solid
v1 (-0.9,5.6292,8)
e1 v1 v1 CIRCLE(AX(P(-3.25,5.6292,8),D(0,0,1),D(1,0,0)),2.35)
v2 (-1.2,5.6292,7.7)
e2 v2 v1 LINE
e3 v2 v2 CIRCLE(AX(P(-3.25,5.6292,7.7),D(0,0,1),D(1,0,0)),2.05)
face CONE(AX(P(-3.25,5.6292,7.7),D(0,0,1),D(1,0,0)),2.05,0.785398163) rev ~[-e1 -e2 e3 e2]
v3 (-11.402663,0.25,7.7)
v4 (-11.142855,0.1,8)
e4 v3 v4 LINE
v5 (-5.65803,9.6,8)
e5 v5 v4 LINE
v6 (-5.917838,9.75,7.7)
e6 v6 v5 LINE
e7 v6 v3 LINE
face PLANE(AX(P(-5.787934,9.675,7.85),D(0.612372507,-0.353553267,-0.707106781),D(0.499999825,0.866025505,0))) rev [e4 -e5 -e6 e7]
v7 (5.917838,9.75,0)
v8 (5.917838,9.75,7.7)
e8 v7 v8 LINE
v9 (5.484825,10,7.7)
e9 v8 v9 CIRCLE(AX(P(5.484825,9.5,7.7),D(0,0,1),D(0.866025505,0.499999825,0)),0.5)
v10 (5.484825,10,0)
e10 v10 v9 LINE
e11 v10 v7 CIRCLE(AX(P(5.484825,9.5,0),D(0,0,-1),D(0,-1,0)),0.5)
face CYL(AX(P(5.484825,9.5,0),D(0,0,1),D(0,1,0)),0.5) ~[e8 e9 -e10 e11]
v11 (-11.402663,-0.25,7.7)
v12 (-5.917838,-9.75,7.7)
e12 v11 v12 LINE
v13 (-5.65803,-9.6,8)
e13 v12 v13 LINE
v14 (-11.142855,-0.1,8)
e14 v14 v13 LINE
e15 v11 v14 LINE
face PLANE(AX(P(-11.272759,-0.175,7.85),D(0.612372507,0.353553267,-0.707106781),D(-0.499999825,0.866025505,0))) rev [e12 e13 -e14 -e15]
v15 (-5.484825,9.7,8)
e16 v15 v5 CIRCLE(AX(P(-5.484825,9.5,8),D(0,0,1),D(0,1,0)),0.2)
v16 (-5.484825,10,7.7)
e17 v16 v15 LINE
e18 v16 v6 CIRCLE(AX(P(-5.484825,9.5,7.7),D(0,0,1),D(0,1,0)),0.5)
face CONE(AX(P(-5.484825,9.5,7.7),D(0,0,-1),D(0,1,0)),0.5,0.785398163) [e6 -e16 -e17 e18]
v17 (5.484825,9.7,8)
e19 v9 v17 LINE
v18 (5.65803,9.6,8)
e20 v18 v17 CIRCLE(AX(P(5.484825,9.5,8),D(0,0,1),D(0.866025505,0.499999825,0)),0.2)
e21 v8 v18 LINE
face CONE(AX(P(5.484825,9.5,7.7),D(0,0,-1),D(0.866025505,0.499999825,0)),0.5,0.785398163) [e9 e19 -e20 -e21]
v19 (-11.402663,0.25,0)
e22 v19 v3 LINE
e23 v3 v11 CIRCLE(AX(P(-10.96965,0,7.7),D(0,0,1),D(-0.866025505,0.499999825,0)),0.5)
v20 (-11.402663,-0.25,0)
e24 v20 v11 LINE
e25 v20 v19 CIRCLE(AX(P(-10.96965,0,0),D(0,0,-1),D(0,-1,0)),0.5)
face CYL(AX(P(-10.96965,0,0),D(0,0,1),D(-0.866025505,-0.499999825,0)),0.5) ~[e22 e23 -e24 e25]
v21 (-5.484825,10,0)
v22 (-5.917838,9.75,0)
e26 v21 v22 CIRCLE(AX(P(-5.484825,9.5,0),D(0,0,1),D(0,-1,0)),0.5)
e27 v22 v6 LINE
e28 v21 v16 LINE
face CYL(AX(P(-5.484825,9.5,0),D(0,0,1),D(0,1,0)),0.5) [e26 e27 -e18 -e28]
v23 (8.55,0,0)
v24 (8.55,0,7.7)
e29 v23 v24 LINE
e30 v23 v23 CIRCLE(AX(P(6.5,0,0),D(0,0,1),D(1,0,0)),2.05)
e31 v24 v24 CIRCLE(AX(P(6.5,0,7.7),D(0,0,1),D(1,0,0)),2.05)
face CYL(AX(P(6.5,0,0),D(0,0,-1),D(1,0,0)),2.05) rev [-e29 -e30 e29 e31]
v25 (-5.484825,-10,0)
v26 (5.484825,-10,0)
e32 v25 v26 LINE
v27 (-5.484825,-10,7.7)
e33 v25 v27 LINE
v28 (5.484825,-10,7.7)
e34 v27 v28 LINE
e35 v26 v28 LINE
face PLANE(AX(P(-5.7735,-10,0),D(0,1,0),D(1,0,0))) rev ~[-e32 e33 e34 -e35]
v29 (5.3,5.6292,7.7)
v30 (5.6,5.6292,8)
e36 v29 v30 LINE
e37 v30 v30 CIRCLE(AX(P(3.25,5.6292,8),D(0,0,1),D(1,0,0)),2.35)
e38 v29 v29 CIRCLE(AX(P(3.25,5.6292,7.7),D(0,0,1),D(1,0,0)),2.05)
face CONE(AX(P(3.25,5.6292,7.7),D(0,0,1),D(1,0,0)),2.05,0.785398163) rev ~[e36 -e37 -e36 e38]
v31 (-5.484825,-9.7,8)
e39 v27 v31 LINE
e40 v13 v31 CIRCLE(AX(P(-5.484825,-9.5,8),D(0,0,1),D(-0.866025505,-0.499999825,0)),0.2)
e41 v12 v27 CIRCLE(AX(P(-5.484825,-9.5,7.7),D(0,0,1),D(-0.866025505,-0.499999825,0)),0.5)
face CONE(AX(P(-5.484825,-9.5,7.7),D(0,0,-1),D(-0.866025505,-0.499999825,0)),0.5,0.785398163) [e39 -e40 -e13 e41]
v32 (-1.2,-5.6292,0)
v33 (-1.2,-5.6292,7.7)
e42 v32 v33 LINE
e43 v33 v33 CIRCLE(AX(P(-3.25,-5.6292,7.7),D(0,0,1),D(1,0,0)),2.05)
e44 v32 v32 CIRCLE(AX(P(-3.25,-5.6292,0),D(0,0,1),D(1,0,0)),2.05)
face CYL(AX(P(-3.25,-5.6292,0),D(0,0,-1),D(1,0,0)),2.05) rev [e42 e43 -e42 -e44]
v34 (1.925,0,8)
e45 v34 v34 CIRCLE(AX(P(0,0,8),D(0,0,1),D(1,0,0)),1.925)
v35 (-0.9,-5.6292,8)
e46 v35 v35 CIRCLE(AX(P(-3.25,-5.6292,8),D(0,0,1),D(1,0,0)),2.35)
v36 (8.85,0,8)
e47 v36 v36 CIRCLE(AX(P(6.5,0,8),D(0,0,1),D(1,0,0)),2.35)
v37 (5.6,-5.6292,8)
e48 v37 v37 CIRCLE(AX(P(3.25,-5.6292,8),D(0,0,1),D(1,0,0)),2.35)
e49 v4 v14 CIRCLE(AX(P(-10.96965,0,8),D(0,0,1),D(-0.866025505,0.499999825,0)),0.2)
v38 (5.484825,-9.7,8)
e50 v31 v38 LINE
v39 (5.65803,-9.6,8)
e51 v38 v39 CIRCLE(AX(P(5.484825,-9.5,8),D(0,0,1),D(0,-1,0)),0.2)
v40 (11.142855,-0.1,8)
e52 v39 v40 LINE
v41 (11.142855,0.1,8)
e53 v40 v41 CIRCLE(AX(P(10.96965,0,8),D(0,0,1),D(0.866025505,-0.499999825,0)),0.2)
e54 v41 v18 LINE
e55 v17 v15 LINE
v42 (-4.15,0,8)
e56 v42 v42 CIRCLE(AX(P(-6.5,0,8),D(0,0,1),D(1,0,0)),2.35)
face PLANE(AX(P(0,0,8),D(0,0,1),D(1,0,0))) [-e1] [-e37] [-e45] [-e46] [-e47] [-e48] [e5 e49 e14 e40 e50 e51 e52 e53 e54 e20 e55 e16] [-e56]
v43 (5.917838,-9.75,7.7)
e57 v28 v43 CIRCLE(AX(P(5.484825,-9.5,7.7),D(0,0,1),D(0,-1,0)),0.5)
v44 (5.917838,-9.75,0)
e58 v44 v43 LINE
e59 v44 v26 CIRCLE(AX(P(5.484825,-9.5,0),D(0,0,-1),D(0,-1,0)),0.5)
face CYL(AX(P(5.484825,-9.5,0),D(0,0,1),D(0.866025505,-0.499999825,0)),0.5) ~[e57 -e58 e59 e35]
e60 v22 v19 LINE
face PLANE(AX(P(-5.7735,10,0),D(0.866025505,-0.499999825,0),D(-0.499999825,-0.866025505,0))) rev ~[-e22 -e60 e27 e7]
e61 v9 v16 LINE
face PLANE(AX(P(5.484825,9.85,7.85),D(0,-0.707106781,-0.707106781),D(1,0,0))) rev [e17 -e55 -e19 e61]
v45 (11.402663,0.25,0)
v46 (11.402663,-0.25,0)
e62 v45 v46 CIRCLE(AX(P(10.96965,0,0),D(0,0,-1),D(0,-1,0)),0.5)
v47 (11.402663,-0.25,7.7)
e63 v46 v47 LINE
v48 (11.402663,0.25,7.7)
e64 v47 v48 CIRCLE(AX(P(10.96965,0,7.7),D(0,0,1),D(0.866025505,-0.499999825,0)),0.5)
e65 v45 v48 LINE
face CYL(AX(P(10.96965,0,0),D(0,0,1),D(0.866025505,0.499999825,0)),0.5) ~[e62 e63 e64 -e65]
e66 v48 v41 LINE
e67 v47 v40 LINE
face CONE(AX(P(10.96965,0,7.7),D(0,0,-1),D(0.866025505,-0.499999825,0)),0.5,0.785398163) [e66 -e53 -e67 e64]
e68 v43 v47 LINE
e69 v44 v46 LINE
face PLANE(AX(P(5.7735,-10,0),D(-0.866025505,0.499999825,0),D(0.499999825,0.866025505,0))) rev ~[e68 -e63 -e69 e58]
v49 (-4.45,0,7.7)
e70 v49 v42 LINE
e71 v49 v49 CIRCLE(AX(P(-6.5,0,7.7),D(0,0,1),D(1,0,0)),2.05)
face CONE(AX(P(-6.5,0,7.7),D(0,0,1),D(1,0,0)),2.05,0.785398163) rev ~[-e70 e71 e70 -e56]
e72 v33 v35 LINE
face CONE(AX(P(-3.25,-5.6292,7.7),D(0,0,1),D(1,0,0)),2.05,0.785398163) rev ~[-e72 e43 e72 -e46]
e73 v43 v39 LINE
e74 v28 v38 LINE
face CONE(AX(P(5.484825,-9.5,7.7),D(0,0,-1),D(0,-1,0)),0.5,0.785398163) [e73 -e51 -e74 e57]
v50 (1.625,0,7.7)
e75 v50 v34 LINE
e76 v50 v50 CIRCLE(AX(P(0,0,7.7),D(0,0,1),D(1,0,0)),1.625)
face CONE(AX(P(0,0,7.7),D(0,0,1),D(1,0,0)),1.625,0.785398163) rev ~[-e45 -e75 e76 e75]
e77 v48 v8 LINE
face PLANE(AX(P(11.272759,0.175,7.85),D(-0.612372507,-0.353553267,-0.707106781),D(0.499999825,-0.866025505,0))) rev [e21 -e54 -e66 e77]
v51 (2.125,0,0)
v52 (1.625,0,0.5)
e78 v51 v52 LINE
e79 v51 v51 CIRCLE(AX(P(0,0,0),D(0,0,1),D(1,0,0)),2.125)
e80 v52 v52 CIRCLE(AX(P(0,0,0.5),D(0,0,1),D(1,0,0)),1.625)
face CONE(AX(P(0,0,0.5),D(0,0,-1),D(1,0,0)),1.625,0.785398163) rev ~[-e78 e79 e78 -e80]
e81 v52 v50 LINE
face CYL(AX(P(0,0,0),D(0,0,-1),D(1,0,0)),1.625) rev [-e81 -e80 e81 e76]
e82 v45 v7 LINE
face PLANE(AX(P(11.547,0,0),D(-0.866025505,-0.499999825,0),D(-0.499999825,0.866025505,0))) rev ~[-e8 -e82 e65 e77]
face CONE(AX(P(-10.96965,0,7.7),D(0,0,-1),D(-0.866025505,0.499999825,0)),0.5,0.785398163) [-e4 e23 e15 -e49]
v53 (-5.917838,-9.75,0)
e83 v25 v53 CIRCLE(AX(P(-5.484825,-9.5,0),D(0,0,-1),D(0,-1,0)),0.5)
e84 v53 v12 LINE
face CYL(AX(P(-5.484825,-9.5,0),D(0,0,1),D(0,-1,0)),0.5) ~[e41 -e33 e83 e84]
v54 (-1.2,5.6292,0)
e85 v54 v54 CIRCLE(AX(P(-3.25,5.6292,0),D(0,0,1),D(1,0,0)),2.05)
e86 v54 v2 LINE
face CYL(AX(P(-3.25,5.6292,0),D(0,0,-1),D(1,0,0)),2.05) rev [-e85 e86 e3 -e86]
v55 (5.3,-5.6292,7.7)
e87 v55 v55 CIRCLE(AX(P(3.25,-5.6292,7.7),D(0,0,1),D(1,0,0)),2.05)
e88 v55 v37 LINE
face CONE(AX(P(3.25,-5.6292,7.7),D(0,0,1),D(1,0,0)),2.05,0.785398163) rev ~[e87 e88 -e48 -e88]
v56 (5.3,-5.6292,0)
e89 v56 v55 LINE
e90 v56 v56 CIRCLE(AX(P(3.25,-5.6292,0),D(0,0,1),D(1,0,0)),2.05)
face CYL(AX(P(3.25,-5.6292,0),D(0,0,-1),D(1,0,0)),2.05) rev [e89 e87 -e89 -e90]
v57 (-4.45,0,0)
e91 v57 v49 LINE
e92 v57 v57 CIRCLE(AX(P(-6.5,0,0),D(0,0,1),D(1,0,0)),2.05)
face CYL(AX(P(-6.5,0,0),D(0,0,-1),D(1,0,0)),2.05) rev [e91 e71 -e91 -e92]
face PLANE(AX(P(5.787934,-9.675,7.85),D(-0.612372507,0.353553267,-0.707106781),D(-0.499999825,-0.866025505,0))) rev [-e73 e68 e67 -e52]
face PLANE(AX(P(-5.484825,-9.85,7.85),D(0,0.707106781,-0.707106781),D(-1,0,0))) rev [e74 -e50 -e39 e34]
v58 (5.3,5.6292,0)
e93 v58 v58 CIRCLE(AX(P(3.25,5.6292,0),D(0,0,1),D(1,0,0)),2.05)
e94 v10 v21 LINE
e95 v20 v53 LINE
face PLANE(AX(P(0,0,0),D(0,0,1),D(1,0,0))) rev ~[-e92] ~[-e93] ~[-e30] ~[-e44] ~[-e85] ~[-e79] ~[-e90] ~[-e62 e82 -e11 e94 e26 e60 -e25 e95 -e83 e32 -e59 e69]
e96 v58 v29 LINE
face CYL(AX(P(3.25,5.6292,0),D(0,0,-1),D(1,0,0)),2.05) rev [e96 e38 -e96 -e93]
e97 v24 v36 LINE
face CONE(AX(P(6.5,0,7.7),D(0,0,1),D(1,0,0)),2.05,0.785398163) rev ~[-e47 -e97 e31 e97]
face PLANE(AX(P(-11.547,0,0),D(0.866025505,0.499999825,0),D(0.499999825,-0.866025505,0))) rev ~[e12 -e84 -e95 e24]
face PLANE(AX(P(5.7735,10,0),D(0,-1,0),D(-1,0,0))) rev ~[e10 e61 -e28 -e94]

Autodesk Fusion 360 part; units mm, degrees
sketch "Sketch1" plane through (0, 0, 0) normal (0, 0, 1) x (1, 0, 0)
  line L0 (-5.7735, 10) -> (-11.547, 0)
  line L1 (-11.547, 0) -> (-5.7735, -10)
  line L2 (-5.7735, -10) -> (5.7735, -10)
  line L3 (5.7735, -10) -> (11.547, 0)
  line L4 (11.547, 0) -> (5.7735, 10)
  line L5 (5.7735, 10) -> (-5.7735, 10)
  circle A0 centre (0, 0) radius 1.625
  circle A1 centre (-3.25, 5.6292) radius 2.05
  line L6 (0, 0) -> (-5.7735, 10) construction
  circle A2 centre (-6.5, 0) radius 2.05
  circle A3 centre (-3.25, -5.6292) radius 2.05
  circle A4 centre (3.25, -5.6292) radius 2.05
  circle A5 centre (6.5, 0) radius 2.05
  circle A6 centre (3.25, 5.6292) radius 2.05
  circle A7 centre (0, 0) radius 6.5 construction
  dimension "d1" = 10
  dimension "d2" = 3.25
  dimension "d4" = 4.1
  dimension "d9" = 360
  dimension "d10" = 13
extrude "Extrude1" add sketch "Sketch1" along normal blind 8
chamfer "Chamfer2" distance 0.3 angle 45 7 edges at (-8.4113, 0.7413, 8) (-5.1613, 6.3705, 8) (-1.515, 0.5876, 8) (-5.1613, -4.8879, 8) (1.3387, -4.8879, 8) (4.5887, 0.7413, 8) (1.3387, 6.3705, 8)
chamfer "Chamfer3" distance 0.5 angle 45 1 edges at (-1.515, 0.5876, 0)
fillet "Fillet1" radius 0.5 6 edges at (-5.7735, -10, 4) (5.7735, -10, 4) (11.547, 0, 4) (5.7735, 10, 4) (-5.7735, 10, 4) (-11.547, 0, 4)
chamfer "Chamfer4" distance 0.3 angle 45 12 edges at (0, -10, 8) (5.7348, -9.933, 8) (8.6603, -5, 8) (11.4697, 0, 8) (8.6603, 5, 8) (5.7348, 9.933, 8) (0, 10, 8) (-5.7348, 9.933, 8) (-8.6603, 5, 8) (-11.4697, 0, 8) (-8.6603, -5, 8) (-5.7348, -9.933, 8)
